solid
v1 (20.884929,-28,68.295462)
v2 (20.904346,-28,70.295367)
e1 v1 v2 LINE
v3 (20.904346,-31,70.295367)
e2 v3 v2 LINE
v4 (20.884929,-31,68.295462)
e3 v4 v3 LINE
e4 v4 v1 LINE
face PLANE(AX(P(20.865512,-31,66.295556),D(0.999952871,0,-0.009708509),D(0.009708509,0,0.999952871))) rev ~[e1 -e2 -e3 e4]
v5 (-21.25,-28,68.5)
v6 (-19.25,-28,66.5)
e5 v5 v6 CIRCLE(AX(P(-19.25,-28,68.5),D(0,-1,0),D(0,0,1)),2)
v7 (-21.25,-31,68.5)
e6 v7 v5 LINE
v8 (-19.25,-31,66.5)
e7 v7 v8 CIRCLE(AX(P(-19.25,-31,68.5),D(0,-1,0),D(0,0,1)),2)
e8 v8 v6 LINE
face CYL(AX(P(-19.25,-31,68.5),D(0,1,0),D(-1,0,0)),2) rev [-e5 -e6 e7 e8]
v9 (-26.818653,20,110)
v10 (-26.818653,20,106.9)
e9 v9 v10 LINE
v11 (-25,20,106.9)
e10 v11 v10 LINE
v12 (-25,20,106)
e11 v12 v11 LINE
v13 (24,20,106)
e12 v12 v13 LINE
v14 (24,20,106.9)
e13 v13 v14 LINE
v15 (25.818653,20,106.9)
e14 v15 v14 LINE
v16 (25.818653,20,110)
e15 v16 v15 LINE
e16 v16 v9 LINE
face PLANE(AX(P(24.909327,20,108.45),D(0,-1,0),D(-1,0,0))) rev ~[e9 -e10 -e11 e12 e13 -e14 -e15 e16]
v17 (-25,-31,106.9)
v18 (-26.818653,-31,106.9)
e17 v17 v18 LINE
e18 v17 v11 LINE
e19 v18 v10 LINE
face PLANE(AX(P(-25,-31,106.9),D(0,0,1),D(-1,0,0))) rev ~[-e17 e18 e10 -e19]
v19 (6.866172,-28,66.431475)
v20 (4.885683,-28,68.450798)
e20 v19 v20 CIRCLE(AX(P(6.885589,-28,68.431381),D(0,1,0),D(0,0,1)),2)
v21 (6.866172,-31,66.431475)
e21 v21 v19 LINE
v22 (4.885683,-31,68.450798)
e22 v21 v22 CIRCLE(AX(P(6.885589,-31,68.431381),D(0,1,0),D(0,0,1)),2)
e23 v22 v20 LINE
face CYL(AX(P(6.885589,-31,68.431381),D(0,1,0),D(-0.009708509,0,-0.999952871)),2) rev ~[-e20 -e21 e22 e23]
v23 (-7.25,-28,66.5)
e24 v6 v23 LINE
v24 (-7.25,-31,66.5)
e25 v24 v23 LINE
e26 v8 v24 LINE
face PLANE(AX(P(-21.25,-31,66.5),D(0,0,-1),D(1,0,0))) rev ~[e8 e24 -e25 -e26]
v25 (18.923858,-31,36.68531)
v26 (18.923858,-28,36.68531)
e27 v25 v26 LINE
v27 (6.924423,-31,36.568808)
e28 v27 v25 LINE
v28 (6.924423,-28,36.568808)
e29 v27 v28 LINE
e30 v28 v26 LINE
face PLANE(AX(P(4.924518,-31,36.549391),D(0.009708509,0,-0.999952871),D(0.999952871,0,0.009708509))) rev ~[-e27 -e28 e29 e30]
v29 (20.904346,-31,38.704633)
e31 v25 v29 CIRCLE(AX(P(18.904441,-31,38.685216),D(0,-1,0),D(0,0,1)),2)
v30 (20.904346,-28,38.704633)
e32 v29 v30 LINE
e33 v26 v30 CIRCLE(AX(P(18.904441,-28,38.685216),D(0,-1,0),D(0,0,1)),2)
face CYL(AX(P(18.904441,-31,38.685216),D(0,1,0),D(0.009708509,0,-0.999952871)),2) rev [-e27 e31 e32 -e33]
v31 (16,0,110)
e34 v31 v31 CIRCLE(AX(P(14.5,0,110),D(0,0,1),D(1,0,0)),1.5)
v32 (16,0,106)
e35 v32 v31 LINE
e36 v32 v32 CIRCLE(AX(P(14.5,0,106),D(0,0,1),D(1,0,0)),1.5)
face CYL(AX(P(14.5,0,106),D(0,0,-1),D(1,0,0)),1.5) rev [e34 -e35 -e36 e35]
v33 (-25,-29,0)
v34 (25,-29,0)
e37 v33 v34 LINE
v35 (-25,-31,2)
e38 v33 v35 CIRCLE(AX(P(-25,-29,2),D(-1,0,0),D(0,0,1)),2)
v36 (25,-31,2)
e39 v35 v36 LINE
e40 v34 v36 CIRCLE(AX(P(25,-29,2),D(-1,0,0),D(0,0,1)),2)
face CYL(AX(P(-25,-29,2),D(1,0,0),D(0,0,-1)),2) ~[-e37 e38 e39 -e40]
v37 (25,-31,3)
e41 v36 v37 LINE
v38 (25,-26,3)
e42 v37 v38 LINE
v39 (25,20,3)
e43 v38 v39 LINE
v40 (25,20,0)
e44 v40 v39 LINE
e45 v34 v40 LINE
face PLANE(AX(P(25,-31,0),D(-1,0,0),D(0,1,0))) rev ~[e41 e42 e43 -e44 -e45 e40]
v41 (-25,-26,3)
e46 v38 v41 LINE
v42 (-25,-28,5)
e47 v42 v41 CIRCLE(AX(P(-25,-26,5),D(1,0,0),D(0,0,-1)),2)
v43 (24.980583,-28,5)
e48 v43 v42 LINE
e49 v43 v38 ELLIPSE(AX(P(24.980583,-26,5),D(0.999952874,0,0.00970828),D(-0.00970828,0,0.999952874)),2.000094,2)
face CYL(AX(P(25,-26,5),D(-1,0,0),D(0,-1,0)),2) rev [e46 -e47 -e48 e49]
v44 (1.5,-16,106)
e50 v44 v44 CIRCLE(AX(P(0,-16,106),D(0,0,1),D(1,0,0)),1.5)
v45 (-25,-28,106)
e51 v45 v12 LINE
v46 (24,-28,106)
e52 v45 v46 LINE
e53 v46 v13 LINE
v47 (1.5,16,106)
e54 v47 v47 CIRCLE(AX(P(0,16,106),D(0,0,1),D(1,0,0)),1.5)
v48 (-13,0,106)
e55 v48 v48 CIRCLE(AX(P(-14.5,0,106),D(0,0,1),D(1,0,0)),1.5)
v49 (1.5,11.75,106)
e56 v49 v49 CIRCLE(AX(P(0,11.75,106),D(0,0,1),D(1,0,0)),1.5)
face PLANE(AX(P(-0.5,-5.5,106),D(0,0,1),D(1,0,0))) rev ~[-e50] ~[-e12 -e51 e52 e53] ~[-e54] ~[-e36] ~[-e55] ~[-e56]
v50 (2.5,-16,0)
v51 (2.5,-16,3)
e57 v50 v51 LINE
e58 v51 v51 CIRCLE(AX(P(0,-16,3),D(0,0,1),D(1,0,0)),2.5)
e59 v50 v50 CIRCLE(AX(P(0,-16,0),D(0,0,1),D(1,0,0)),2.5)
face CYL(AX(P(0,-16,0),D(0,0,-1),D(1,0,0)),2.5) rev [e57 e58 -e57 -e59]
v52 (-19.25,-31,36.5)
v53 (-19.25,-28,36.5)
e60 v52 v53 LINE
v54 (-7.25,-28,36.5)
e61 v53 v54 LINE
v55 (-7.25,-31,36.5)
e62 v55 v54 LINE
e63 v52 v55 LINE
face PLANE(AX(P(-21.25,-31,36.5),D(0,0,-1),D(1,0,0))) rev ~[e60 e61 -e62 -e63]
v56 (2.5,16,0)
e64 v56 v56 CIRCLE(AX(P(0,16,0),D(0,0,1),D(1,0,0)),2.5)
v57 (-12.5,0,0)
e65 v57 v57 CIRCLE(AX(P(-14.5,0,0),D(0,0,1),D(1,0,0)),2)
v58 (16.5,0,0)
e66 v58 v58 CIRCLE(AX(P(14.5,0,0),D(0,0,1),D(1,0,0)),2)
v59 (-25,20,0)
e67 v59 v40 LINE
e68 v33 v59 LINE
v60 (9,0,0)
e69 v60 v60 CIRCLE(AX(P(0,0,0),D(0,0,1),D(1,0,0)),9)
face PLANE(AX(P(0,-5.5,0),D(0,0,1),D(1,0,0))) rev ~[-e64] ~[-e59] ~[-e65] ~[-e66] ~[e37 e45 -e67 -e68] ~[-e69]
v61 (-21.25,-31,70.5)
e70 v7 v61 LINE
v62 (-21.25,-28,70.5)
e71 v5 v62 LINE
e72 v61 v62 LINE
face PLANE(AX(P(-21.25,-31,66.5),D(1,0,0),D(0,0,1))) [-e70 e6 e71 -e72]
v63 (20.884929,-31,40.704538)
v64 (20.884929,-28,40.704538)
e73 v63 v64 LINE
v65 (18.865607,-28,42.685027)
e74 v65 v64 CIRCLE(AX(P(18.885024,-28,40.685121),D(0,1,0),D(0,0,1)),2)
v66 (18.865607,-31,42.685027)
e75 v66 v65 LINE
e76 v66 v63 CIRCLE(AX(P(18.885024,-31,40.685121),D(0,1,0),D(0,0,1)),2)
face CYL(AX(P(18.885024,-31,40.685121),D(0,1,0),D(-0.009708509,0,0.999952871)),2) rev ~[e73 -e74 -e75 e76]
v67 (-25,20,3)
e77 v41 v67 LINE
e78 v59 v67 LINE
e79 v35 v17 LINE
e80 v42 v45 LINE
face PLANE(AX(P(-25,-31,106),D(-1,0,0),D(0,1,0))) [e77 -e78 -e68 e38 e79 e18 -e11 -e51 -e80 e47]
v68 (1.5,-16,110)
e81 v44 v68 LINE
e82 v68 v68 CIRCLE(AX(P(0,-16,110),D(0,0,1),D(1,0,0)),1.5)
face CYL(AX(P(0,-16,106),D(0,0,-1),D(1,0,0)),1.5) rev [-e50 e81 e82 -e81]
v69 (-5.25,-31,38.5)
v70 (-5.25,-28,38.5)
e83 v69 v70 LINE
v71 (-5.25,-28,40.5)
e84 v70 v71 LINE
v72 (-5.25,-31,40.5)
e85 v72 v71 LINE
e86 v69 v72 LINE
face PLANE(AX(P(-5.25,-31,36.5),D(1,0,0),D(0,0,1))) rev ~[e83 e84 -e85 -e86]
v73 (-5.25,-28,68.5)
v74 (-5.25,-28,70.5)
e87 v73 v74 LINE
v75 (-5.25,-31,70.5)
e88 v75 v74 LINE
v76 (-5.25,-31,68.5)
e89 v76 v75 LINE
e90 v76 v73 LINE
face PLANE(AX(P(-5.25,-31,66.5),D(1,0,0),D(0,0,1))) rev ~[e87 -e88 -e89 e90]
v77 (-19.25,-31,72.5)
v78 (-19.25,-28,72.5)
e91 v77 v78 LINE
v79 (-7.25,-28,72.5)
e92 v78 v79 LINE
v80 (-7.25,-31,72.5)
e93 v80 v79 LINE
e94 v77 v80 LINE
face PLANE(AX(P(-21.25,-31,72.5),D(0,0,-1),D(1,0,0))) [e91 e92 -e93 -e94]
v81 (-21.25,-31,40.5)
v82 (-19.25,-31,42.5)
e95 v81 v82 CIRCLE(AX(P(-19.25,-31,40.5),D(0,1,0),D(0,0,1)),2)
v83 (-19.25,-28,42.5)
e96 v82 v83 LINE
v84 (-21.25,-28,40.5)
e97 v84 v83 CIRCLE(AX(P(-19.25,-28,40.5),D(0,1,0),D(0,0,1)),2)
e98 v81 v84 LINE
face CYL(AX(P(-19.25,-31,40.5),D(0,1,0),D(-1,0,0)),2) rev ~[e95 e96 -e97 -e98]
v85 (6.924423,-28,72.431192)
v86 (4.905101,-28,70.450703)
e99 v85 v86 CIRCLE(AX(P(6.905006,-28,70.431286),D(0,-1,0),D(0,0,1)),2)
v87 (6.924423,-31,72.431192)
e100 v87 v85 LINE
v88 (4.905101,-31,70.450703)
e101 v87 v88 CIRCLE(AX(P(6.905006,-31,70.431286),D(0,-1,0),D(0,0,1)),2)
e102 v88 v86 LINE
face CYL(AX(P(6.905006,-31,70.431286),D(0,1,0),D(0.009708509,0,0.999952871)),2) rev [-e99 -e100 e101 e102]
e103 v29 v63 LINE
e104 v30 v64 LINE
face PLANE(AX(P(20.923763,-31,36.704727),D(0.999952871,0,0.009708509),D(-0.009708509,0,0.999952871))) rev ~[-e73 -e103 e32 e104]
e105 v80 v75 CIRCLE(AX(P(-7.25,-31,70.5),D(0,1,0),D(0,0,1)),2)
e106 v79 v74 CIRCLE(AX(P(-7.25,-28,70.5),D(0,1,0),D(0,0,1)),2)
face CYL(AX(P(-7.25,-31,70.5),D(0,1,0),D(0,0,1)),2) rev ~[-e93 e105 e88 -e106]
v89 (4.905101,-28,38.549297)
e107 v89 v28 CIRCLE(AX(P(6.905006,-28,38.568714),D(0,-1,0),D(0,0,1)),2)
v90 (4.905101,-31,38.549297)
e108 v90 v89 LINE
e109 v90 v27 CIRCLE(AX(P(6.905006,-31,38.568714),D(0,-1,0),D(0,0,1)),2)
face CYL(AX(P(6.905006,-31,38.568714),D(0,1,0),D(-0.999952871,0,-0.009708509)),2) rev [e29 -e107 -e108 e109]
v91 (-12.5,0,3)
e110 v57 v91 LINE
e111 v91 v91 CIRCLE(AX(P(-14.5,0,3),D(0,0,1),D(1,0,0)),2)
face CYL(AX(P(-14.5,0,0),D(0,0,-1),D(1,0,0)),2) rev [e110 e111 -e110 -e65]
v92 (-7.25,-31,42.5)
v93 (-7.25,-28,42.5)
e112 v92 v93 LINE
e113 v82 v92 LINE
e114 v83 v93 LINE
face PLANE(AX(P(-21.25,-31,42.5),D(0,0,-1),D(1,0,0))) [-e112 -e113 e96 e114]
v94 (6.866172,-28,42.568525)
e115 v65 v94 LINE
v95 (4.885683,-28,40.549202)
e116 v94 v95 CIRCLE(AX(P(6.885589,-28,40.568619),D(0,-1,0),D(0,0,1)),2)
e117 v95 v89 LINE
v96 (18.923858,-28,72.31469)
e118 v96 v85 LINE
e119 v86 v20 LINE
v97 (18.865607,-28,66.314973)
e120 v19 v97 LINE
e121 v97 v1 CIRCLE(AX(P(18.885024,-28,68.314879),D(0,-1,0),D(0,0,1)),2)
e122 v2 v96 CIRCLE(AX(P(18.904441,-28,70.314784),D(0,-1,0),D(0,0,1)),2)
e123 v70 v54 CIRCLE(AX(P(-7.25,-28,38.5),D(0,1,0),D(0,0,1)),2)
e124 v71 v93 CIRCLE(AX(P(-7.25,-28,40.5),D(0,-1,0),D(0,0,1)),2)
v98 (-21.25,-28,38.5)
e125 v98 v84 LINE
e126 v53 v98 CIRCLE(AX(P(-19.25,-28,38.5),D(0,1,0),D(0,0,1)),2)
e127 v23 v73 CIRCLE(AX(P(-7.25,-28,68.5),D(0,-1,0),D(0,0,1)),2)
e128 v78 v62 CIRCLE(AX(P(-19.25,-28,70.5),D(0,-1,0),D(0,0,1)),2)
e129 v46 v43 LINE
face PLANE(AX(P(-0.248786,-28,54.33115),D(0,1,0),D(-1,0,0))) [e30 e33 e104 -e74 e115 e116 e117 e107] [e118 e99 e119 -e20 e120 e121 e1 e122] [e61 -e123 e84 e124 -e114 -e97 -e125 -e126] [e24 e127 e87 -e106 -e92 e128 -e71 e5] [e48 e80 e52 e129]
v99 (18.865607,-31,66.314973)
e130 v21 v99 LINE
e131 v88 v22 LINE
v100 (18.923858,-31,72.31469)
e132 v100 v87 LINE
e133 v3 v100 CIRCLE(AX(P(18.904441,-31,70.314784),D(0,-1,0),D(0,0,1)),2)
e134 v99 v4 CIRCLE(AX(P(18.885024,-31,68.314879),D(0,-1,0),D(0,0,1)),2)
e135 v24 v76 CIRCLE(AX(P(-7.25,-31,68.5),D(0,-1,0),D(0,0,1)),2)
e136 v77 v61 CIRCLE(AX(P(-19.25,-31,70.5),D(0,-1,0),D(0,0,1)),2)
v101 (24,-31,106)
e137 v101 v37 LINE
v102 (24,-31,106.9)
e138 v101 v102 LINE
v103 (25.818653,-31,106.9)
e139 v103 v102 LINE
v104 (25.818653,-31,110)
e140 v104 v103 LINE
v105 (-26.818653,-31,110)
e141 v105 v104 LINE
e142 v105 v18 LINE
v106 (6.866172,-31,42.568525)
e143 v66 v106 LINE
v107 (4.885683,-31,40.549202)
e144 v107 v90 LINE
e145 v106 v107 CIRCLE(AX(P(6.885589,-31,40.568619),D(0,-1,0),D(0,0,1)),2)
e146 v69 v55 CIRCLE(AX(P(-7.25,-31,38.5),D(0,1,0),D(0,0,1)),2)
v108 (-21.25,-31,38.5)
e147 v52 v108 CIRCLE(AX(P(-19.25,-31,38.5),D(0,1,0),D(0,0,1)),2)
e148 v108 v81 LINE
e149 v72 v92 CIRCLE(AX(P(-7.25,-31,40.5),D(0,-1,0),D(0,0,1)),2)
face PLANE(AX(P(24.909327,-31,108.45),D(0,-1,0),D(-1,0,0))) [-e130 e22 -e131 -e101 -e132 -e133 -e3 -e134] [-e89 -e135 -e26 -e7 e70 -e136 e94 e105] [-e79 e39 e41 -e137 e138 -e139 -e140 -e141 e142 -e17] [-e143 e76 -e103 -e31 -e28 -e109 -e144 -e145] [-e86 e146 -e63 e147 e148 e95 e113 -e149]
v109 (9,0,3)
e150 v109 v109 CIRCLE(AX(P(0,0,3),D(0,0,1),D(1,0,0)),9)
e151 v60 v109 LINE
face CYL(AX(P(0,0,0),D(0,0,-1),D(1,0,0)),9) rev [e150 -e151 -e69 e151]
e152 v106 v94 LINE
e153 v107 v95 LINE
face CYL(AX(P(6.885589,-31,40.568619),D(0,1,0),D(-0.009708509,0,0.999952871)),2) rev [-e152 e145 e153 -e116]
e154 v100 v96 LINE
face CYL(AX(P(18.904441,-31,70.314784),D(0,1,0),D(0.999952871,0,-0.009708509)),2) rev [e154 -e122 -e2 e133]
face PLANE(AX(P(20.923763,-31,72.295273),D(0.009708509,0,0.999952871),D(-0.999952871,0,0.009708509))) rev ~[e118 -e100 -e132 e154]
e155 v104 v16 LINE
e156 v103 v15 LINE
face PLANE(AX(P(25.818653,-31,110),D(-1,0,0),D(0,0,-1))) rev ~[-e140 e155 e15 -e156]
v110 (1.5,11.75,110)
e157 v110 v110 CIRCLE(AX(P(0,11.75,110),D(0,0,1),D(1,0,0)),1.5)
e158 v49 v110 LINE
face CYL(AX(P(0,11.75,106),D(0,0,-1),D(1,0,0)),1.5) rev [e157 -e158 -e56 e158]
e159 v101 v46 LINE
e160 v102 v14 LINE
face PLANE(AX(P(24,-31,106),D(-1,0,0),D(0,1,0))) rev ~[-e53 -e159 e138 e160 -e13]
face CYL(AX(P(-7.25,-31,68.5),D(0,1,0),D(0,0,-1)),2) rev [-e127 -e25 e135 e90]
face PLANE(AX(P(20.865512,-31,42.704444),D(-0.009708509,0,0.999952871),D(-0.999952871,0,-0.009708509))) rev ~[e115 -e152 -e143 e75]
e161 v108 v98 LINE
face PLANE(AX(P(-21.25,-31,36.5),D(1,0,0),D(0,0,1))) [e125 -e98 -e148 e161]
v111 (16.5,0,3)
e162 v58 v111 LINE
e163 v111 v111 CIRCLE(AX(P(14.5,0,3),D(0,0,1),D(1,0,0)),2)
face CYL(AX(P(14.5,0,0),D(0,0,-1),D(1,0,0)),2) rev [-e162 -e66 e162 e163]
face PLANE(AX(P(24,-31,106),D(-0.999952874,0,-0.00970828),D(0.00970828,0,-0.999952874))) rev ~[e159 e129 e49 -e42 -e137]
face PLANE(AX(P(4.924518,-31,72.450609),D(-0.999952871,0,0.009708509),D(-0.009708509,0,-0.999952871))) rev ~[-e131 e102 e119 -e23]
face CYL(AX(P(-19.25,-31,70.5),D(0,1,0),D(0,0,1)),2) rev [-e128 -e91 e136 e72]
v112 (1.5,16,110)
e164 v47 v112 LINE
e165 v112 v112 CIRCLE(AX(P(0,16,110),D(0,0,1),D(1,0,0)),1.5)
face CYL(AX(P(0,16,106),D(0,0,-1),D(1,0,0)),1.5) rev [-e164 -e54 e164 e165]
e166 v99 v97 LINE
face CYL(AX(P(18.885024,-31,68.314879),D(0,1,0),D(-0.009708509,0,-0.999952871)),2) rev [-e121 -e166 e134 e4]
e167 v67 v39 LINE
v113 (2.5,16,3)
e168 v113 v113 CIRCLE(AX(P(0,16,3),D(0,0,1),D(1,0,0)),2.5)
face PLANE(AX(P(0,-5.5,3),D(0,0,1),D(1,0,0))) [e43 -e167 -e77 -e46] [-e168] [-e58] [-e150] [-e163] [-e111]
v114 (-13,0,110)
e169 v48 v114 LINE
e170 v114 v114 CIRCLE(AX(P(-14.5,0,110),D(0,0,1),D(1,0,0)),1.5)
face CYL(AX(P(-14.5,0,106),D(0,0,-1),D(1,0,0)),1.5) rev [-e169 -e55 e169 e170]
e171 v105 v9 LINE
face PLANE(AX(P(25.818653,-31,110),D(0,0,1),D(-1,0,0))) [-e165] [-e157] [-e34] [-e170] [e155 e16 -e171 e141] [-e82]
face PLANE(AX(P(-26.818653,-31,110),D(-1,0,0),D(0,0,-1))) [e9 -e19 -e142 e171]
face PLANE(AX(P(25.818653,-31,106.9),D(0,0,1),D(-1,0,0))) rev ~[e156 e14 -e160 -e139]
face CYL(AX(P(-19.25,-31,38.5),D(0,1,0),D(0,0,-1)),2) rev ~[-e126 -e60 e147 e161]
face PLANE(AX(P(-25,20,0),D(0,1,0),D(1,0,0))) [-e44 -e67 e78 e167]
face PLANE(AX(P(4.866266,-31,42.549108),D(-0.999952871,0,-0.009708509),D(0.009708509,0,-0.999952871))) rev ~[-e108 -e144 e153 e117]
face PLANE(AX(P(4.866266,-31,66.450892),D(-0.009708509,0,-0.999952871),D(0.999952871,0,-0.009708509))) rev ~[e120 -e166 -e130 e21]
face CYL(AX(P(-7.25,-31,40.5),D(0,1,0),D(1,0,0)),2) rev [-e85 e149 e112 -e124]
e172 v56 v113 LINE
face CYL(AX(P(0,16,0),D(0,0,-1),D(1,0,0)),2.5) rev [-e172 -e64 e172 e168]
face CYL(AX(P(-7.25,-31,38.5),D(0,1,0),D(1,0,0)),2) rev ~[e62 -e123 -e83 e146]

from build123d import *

# Parameters (mm, degrees)
SKETCH_1_W      = 50
SKETCH_1_H      = 51
SKETCH_1_R      = 9
SKETCH_1_R_2    = 2
SKETCH_1_R_3    = 2.5
EXTRUDE_1_DEPTH = 3
SKETCH_2_W      = 16
SKETCH_2_H      = 6
EXTRUDE_2_DEPTH = 3
SKETCH_3_W      = 49
SKETCH_3_H      = 51
SKETCH_3_R      = 1.5
EXTRUDE_3_DEPTH = 4
FILLET_2_R      = 2
FILLET_3_R      = 2
FILLET_4_R      = 2
FILLET_5_R      = 2
FILLET_6_R      = 2
SKETCH_4_W      = 1.818653348
SKETCH_4_H      = 3.1
EXTRUDE_4_DEPTH = 51


with BuildPart() as part:
    # 草图1 → 凸台-拉伸1 (new body)
    with BuildSketch(Plane.XY):
        with Locations((0, -5.5)):
            Rectangle(SKETCH_1_W, SKETCH_1_H)
        Circle(SKETCH_1_R, mode=Mode.SUBTRACT)
        with Locations((14.5, 0)):
            Circle(SKETCH_1_R_2, mode=Mode.SUBTRACT)
        with Locations((-14.5, 0)):
            Circle(SKETCH_1_R_2, mode=Mode.SUBTRACT)
        with Locations((0, 16)):
            Circle(SKETCH_1_R_3, mode=Mode.SUBTRACT)
        with Locations((0, -16)):
            Circle(SKETCH_1_R_3, mode=Mode.SUBTRACT)
    extrude(amount=EXTRUDE_1_DEPTH)

    # 草图2 → 凸台-拉伸2 (add)
    with BuildSketch(Plane.XZ.offset(31)):
        Polygon((-25, 3), (-25, 106), (24, 106), (25, 3), align=None)
        with Locations((-13.25, 39.5)):
            Rectangle(SKETCH_2_W, SKETCH_2_H, mode=Mode.SUBTRACT)
        Polygon((4.866266466, 42.54910809), (4.92451752, 36.549390862), (20.923763461, 36.704727007), (20.865512407, 42.704444235), align=None, mode=Mode.SUBTRACT)
        with Locations((-13.25, 69.5)):
            Rectangle(SKETCH_2_W, SKETCH_2_H, mode=Mode.SUBTRACT)
        Polygon((20.865512407, 66.295555765), (20.923763461, 72.295272993), (4.92451752, 72.450609138), (4.866266466, 66.45089191), align=None, mode=Mode.SUBTRACT)
    extrude(amount=-EXTRUDE_2_DEPTH)

    # 草图3 → 凸台-拉伸3 (add)
    with BuildSketch(Plane.XY.offset(106)):
        with Locations((-0.5, -5.5)):
            Rectangle(SKETCH_3_W, SKETCH_3_H)
        with Locations((-14.5, 0)):
            Circle(SKETCH_3_R, mode=Mode.SUBTRACT)
        with Locations((14.5, 0)):
            Circle(SKETCH_3_R, mode=Mode.SUBTRACT)
        with Locations((0, -16)):
            Circle(SKETCH_3_R, mode=Mode.SUBTRACT)
        with Locations((0, 16)):
            Circle(SKETCH_3_R, mode=Mode.SUBTRACT)
        with Locations((0, 11.75)):
            Circle(SKETCH_3_R, mode=Mode.SUBTRACT)
    extrude(amount=EXTRUDE_3_DEPTH)

    # 圆角2
    fillet_2_edges = [part.edges().sort_by_distance(p)[0] for p in [
        (-5.25, -29.5, 36.5),
    ]]
    fillet(fillet_2_edges, radius=FILLET_2_R)

    # 圆角3
    fillet_3_edges = [part.edges().sort_by_distance(p)[0] for p in [
        (-21.25, -29.5, 36.5),
        (-21.25, -29.5, 42.5),
        (-5.25, -29.5, 42.5),
    ]]
    fillet(fillet_3_edges, radius=FILLET_3_R)

    # 圆角4
    fillet_4_edges = [part.edges().sort_by_distance(p)[0] for p in [
        (20.865512407, -29.5, 42.704444235),
        (20.923763461, -29.5, 36.704727007),
        (4.92451752, -29.5, 36.549390862),
        (4.866266466, -29.5, 42.54910809),
        (-21.25, -29.5, 66.5),
        (-21.25, -29.5, 72.5),
        (-5.25, -29.5, 72.5),
        (-5.25, -29.5, 66.5),
        (4.866266466, -29.5, 66.45089191),
        (4.92451752, -29.5, 72.450609138),
        (20.923763461, -29.5, 72.295272993),
        (20.865512407, -29.5, 66.295555765),
    ]]
    fillet(fillet_4_edges, radius=FILLET_4_R)

    # 圆角5
    fillet_5_edges = [part.edges().sort_by_distance(p)[0] for p in [
        (0, -28, 3),
    ]]
    fillet(fillet_5_edges, radius=FILLET_5_R)

    # 圆角6
    fillet_6_edges = [part.edges().sort_by_distance(p)[0] for p in [
        (0, -31, 0),
    ]]
    fillet(fillet_6_edges, radius=FILLET_6_R)

    # 草图4 → 凸台-拉伸4 (add)
    with BuildSketch(Plane(origin=(0, -31, 0), x_dir=(-1, 0, 0), z_dir=(0, -1, 0))):
        with Locations((-24.909326674, -108.45)):
            Rectangle(SKETCH_4_W, SKETCH_4_H)
        with Locations((25.909326674, -108.45)):
            Rectangle(SKETCH_4_W, SKETCH_4_H)
    extrude(amount=-EXTRUDE_4_DEPTH)


solid = part.part
